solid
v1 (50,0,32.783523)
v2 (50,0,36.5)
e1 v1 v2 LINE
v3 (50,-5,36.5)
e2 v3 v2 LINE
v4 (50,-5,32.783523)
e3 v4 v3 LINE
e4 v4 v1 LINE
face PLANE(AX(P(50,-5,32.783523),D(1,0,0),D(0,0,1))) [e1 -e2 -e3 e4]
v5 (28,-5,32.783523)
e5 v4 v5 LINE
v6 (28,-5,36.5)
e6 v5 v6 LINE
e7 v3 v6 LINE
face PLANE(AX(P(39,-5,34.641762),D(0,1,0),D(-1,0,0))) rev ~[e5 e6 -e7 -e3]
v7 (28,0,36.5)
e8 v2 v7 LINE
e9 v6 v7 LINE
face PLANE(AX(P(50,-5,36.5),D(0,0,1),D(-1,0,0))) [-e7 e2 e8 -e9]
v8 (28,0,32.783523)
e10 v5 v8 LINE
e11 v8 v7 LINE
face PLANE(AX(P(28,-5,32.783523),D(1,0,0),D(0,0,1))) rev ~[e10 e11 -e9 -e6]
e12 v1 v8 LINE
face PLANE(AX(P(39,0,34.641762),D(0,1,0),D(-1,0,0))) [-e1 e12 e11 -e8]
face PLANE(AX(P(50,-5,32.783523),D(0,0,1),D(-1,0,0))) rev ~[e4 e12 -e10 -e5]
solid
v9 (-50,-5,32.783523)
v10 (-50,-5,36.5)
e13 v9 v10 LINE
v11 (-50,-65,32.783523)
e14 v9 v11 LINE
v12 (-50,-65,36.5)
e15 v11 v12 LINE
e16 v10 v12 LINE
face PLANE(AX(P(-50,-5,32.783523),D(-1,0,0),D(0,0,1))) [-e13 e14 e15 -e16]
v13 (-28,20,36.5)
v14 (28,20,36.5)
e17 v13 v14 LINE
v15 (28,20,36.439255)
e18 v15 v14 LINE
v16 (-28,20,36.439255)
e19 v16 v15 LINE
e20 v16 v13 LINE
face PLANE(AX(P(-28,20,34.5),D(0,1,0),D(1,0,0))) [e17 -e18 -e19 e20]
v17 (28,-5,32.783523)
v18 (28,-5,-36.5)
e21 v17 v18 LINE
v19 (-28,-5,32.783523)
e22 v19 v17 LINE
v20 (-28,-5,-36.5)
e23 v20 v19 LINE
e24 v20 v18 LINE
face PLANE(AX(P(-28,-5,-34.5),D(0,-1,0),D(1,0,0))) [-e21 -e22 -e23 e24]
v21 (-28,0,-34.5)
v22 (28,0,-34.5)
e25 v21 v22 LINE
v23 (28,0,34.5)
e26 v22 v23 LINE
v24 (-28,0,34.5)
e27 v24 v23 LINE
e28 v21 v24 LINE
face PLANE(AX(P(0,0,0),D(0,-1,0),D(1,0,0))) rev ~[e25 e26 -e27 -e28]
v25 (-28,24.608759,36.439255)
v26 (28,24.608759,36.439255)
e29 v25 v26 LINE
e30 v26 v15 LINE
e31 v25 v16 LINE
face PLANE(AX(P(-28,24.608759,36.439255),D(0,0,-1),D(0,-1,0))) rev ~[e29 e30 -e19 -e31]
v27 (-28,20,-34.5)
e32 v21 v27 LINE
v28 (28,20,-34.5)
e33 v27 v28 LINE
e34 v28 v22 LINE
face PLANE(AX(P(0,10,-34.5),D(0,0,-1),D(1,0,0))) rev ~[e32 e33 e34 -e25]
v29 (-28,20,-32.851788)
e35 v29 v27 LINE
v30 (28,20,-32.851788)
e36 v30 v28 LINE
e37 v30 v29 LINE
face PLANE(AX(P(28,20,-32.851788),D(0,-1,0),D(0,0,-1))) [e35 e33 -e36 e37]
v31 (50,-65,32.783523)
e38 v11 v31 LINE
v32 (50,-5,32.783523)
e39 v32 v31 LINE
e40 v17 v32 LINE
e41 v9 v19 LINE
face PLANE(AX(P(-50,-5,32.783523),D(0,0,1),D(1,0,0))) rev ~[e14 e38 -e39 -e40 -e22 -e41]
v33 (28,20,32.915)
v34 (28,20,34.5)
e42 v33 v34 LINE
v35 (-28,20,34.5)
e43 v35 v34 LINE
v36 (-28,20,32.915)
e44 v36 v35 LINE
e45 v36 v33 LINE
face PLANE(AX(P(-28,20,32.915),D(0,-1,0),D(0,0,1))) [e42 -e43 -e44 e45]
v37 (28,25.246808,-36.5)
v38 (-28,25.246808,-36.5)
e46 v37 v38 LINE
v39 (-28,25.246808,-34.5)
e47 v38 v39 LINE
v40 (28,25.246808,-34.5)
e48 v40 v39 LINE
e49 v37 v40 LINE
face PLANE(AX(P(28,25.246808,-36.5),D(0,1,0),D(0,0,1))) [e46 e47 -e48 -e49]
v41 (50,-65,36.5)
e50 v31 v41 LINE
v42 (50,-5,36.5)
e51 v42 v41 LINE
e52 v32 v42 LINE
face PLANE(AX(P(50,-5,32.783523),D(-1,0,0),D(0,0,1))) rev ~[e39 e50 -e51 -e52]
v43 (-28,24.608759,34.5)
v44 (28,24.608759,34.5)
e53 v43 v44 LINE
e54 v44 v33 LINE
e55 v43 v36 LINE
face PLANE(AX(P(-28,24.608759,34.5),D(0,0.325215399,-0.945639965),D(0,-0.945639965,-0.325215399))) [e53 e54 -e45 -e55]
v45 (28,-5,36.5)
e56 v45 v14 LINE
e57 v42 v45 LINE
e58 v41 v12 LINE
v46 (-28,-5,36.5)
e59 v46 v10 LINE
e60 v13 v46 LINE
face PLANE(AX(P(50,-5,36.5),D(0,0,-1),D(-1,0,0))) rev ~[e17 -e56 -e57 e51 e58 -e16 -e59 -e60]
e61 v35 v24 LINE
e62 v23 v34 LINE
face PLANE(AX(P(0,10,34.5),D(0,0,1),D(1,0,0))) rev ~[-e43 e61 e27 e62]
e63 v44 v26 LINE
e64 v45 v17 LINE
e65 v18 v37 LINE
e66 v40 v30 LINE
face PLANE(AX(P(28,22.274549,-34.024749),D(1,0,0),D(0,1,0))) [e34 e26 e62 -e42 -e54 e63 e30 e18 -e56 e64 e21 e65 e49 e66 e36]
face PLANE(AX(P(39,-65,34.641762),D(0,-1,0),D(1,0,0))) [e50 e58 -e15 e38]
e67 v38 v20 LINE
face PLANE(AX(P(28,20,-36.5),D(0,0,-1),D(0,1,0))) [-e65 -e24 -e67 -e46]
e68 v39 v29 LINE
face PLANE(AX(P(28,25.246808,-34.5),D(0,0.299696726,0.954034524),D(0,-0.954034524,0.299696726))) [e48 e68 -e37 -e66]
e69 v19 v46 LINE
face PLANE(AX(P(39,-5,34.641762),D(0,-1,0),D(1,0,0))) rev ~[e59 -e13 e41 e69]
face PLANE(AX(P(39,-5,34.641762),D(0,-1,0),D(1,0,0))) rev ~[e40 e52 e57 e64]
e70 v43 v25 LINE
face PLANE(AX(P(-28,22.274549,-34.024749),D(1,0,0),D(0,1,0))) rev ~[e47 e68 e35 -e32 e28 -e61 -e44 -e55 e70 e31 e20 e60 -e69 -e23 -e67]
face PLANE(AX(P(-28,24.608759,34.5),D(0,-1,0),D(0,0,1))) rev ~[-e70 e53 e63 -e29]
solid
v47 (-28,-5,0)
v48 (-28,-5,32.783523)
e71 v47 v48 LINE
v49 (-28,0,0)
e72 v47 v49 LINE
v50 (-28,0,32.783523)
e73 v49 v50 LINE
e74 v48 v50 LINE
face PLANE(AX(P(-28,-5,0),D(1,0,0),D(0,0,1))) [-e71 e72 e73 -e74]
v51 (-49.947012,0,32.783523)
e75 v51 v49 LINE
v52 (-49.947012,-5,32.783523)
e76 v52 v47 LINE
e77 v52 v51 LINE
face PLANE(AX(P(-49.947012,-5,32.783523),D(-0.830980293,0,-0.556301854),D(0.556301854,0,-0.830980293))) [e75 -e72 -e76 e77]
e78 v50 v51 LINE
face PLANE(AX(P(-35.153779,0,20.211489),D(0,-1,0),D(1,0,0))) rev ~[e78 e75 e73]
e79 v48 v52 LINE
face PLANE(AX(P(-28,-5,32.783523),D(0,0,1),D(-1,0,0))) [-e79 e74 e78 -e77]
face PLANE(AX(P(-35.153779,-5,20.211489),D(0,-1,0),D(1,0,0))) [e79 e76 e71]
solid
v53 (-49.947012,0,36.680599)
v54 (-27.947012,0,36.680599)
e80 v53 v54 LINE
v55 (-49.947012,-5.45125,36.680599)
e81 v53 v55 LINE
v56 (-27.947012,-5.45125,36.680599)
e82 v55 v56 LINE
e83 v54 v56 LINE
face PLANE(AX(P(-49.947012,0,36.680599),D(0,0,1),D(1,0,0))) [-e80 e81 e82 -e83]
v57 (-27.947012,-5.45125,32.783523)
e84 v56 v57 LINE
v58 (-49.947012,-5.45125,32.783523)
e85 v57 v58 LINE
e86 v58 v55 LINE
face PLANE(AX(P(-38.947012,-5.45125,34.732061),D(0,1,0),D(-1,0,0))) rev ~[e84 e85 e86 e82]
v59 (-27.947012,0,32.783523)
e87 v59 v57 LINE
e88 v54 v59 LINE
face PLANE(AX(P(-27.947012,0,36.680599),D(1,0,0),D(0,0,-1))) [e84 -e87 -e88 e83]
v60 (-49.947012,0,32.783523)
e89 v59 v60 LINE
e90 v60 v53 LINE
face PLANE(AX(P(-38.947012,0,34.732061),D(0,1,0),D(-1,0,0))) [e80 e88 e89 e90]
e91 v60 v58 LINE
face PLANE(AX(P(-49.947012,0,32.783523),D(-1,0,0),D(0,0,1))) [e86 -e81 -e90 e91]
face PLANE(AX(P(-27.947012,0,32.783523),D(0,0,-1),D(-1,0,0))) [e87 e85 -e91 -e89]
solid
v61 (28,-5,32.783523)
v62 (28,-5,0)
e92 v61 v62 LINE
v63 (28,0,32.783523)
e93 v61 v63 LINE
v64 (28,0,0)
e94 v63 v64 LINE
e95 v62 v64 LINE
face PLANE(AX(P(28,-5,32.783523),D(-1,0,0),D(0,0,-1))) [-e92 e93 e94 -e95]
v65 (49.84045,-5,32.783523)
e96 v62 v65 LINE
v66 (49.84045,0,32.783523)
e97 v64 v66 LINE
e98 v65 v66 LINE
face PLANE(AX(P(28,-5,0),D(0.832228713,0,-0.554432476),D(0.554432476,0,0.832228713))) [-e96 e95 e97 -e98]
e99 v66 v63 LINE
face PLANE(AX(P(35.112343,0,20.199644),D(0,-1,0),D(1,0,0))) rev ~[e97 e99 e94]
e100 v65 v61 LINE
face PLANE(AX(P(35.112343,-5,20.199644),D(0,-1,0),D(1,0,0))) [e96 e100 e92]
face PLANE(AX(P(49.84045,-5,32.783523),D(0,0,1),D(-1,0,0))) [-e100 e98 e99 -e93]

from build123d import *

# Parameters (mm, degrees)
F0_W      = 56
F0_H      = 69
F1_DEPTH  = 5
F2_W      = 56
F2_H      = 20
F2_H_2    = 5
F3_DEPTH  = 2
F4_W      = 4.6087592095
F4_H      = 1.93925488
F5_DEPTH  = 56
F6_W      = 56
F6_H      = 20
F6_H_2    = 5
F7_DEPTH  = 2
F8_W      = 5.2468083054
F8_H      = 2
F9_DEPTH  = 56
F10_W     = 22
F10_H     = 3.7164769792
F10_W_2   = 56
F11_DEPTH = 60
F13_DEPTH = 5
F15_DEPTH = 5.45125
F16_W     = 22
F16_H     = 3.7164769792
F17_DEPTH = 5


with BuildPart() as f1:
    # F0 (on Front) → F1 (new body)
    with BuildSketch(Plane.XZ):
        Rectangle(F0_W, F0_H)
    extrude(amount=F1_DEPTH)

    # F2 (on face) → F3 (join)
    with BuildSketch(Plane.XY.offset(34.5)):
        with Locations((0, 10)):
            Rectangle(F2_W, F2_H)
        with Locations((0, -2.5)):
            Rectangle(F2_W, F2_H_2)
    extrude(amount=F3_DEPTH)

    # F4 (on face) → F5 (join)
    with BuildSketch(Plane(origin=(-28, 0, 0), x_dir=(0, -1, 0), z_dir=(-1, 0, 0))):
        Polygon((-20, 32.9149998724), (-20, 34.5), (-24.6087592095, 34.5), align=None)
        with Locations((-22.3043796048, 35.46962744)):
            Rectangle(F4_W, F4_H)
    extrude(amount=-F5_DEPTH)

    # F6 (on face) → F7 (join)
    with BuildSketch(Plane(origin=(0, 0, -34.5), x_dir=(1, 0, 0), z_dir=(0, 0, -1))):
        with Locations((0, -10)):
            Rectangle(F6_W, F6_H)
        with Locations((0, 2.5)):
            Rectangle(F6_W, F6_H_2)
    extrude(amount=F7_DEPTH)

    # F8 (on face) → F9 (join)
    with BuildSketch(Plane.YZ.offset(28)):
        Polygon((20, -32.851787871), (20, -34.5), (25.2468083054, -34.5), align=None)
        with Locations((22.6234041527, -35.5)):
            Rectangle(F8_W, F8_H)
    extrude(amount=-F9_DEPTH)

    # F10 (on face) → F11 (join)
    with BuildSketch(Plane.XZ.offset(5)):
        with Locations((39, 34.6417615104)):
            Rectangle(F10_W, F10_H)
        with Locations((0, 34.6417615104)):
            Rectangle(F10_W_2, F10_H)
        with Locations((-39, 34.6417615104)):
            Rectangle(F10_W, F10_H)
    extrude(amount=F11_DEPTH)


with BuildPart() as f13:
    # F12 (on face) → F13 (new body)
    with BuildSketch(Plane.XZ.offset(5)):
        Polygon((49.8404502869, 32.7835230208), (28, 32.7835230208), (28, 0), align=None)
    extrude(amount=-F13_DEPTH)


with BuildPart() as f13b:
    # F12 (on face) → F13, piece 2 (new body)
    with BuildSketch(Plane.XZ.offset(5)):
        Polygon((-28, 0), (-28, 32.7835230208), (-49.9470122159, 32.7835230208), align=None)
    extrude(amount=-F13_DEPTH)


with BuildPart() as f15:
    # F14 (on face) → F15 (new body)
    with BuildSketch(Plane(origin=(0, 0, 0), x_dir=(-1, 0, 0), z_dir=(0, 1, 0))):
        Polygon((28, 32.7835230208), (49.9470122159, 32.7835230208), (49.9470122159, 36.680599041), (27.9470122159, 36.680599041), (27.9470122159, 32.7835230208), align=None)
    extrude(amount=-F15_DEPTH)


with BuildPart() as f17:
    # F16 (on face) → F17 (new body)
    with BuildSketch(Plane(origin=(0, -5, 0), x_dir=(-1, 0, 0), z_dir=(0, 1, 0))):
        with Locations((-39, 34.6417615104)):
            Rectangle(F16_W, F16_H)
    extrude(amount=F17_DEPTH)


solid = Compound([f1.part, f13.part, f13b.part, f15.part, f17.part])
